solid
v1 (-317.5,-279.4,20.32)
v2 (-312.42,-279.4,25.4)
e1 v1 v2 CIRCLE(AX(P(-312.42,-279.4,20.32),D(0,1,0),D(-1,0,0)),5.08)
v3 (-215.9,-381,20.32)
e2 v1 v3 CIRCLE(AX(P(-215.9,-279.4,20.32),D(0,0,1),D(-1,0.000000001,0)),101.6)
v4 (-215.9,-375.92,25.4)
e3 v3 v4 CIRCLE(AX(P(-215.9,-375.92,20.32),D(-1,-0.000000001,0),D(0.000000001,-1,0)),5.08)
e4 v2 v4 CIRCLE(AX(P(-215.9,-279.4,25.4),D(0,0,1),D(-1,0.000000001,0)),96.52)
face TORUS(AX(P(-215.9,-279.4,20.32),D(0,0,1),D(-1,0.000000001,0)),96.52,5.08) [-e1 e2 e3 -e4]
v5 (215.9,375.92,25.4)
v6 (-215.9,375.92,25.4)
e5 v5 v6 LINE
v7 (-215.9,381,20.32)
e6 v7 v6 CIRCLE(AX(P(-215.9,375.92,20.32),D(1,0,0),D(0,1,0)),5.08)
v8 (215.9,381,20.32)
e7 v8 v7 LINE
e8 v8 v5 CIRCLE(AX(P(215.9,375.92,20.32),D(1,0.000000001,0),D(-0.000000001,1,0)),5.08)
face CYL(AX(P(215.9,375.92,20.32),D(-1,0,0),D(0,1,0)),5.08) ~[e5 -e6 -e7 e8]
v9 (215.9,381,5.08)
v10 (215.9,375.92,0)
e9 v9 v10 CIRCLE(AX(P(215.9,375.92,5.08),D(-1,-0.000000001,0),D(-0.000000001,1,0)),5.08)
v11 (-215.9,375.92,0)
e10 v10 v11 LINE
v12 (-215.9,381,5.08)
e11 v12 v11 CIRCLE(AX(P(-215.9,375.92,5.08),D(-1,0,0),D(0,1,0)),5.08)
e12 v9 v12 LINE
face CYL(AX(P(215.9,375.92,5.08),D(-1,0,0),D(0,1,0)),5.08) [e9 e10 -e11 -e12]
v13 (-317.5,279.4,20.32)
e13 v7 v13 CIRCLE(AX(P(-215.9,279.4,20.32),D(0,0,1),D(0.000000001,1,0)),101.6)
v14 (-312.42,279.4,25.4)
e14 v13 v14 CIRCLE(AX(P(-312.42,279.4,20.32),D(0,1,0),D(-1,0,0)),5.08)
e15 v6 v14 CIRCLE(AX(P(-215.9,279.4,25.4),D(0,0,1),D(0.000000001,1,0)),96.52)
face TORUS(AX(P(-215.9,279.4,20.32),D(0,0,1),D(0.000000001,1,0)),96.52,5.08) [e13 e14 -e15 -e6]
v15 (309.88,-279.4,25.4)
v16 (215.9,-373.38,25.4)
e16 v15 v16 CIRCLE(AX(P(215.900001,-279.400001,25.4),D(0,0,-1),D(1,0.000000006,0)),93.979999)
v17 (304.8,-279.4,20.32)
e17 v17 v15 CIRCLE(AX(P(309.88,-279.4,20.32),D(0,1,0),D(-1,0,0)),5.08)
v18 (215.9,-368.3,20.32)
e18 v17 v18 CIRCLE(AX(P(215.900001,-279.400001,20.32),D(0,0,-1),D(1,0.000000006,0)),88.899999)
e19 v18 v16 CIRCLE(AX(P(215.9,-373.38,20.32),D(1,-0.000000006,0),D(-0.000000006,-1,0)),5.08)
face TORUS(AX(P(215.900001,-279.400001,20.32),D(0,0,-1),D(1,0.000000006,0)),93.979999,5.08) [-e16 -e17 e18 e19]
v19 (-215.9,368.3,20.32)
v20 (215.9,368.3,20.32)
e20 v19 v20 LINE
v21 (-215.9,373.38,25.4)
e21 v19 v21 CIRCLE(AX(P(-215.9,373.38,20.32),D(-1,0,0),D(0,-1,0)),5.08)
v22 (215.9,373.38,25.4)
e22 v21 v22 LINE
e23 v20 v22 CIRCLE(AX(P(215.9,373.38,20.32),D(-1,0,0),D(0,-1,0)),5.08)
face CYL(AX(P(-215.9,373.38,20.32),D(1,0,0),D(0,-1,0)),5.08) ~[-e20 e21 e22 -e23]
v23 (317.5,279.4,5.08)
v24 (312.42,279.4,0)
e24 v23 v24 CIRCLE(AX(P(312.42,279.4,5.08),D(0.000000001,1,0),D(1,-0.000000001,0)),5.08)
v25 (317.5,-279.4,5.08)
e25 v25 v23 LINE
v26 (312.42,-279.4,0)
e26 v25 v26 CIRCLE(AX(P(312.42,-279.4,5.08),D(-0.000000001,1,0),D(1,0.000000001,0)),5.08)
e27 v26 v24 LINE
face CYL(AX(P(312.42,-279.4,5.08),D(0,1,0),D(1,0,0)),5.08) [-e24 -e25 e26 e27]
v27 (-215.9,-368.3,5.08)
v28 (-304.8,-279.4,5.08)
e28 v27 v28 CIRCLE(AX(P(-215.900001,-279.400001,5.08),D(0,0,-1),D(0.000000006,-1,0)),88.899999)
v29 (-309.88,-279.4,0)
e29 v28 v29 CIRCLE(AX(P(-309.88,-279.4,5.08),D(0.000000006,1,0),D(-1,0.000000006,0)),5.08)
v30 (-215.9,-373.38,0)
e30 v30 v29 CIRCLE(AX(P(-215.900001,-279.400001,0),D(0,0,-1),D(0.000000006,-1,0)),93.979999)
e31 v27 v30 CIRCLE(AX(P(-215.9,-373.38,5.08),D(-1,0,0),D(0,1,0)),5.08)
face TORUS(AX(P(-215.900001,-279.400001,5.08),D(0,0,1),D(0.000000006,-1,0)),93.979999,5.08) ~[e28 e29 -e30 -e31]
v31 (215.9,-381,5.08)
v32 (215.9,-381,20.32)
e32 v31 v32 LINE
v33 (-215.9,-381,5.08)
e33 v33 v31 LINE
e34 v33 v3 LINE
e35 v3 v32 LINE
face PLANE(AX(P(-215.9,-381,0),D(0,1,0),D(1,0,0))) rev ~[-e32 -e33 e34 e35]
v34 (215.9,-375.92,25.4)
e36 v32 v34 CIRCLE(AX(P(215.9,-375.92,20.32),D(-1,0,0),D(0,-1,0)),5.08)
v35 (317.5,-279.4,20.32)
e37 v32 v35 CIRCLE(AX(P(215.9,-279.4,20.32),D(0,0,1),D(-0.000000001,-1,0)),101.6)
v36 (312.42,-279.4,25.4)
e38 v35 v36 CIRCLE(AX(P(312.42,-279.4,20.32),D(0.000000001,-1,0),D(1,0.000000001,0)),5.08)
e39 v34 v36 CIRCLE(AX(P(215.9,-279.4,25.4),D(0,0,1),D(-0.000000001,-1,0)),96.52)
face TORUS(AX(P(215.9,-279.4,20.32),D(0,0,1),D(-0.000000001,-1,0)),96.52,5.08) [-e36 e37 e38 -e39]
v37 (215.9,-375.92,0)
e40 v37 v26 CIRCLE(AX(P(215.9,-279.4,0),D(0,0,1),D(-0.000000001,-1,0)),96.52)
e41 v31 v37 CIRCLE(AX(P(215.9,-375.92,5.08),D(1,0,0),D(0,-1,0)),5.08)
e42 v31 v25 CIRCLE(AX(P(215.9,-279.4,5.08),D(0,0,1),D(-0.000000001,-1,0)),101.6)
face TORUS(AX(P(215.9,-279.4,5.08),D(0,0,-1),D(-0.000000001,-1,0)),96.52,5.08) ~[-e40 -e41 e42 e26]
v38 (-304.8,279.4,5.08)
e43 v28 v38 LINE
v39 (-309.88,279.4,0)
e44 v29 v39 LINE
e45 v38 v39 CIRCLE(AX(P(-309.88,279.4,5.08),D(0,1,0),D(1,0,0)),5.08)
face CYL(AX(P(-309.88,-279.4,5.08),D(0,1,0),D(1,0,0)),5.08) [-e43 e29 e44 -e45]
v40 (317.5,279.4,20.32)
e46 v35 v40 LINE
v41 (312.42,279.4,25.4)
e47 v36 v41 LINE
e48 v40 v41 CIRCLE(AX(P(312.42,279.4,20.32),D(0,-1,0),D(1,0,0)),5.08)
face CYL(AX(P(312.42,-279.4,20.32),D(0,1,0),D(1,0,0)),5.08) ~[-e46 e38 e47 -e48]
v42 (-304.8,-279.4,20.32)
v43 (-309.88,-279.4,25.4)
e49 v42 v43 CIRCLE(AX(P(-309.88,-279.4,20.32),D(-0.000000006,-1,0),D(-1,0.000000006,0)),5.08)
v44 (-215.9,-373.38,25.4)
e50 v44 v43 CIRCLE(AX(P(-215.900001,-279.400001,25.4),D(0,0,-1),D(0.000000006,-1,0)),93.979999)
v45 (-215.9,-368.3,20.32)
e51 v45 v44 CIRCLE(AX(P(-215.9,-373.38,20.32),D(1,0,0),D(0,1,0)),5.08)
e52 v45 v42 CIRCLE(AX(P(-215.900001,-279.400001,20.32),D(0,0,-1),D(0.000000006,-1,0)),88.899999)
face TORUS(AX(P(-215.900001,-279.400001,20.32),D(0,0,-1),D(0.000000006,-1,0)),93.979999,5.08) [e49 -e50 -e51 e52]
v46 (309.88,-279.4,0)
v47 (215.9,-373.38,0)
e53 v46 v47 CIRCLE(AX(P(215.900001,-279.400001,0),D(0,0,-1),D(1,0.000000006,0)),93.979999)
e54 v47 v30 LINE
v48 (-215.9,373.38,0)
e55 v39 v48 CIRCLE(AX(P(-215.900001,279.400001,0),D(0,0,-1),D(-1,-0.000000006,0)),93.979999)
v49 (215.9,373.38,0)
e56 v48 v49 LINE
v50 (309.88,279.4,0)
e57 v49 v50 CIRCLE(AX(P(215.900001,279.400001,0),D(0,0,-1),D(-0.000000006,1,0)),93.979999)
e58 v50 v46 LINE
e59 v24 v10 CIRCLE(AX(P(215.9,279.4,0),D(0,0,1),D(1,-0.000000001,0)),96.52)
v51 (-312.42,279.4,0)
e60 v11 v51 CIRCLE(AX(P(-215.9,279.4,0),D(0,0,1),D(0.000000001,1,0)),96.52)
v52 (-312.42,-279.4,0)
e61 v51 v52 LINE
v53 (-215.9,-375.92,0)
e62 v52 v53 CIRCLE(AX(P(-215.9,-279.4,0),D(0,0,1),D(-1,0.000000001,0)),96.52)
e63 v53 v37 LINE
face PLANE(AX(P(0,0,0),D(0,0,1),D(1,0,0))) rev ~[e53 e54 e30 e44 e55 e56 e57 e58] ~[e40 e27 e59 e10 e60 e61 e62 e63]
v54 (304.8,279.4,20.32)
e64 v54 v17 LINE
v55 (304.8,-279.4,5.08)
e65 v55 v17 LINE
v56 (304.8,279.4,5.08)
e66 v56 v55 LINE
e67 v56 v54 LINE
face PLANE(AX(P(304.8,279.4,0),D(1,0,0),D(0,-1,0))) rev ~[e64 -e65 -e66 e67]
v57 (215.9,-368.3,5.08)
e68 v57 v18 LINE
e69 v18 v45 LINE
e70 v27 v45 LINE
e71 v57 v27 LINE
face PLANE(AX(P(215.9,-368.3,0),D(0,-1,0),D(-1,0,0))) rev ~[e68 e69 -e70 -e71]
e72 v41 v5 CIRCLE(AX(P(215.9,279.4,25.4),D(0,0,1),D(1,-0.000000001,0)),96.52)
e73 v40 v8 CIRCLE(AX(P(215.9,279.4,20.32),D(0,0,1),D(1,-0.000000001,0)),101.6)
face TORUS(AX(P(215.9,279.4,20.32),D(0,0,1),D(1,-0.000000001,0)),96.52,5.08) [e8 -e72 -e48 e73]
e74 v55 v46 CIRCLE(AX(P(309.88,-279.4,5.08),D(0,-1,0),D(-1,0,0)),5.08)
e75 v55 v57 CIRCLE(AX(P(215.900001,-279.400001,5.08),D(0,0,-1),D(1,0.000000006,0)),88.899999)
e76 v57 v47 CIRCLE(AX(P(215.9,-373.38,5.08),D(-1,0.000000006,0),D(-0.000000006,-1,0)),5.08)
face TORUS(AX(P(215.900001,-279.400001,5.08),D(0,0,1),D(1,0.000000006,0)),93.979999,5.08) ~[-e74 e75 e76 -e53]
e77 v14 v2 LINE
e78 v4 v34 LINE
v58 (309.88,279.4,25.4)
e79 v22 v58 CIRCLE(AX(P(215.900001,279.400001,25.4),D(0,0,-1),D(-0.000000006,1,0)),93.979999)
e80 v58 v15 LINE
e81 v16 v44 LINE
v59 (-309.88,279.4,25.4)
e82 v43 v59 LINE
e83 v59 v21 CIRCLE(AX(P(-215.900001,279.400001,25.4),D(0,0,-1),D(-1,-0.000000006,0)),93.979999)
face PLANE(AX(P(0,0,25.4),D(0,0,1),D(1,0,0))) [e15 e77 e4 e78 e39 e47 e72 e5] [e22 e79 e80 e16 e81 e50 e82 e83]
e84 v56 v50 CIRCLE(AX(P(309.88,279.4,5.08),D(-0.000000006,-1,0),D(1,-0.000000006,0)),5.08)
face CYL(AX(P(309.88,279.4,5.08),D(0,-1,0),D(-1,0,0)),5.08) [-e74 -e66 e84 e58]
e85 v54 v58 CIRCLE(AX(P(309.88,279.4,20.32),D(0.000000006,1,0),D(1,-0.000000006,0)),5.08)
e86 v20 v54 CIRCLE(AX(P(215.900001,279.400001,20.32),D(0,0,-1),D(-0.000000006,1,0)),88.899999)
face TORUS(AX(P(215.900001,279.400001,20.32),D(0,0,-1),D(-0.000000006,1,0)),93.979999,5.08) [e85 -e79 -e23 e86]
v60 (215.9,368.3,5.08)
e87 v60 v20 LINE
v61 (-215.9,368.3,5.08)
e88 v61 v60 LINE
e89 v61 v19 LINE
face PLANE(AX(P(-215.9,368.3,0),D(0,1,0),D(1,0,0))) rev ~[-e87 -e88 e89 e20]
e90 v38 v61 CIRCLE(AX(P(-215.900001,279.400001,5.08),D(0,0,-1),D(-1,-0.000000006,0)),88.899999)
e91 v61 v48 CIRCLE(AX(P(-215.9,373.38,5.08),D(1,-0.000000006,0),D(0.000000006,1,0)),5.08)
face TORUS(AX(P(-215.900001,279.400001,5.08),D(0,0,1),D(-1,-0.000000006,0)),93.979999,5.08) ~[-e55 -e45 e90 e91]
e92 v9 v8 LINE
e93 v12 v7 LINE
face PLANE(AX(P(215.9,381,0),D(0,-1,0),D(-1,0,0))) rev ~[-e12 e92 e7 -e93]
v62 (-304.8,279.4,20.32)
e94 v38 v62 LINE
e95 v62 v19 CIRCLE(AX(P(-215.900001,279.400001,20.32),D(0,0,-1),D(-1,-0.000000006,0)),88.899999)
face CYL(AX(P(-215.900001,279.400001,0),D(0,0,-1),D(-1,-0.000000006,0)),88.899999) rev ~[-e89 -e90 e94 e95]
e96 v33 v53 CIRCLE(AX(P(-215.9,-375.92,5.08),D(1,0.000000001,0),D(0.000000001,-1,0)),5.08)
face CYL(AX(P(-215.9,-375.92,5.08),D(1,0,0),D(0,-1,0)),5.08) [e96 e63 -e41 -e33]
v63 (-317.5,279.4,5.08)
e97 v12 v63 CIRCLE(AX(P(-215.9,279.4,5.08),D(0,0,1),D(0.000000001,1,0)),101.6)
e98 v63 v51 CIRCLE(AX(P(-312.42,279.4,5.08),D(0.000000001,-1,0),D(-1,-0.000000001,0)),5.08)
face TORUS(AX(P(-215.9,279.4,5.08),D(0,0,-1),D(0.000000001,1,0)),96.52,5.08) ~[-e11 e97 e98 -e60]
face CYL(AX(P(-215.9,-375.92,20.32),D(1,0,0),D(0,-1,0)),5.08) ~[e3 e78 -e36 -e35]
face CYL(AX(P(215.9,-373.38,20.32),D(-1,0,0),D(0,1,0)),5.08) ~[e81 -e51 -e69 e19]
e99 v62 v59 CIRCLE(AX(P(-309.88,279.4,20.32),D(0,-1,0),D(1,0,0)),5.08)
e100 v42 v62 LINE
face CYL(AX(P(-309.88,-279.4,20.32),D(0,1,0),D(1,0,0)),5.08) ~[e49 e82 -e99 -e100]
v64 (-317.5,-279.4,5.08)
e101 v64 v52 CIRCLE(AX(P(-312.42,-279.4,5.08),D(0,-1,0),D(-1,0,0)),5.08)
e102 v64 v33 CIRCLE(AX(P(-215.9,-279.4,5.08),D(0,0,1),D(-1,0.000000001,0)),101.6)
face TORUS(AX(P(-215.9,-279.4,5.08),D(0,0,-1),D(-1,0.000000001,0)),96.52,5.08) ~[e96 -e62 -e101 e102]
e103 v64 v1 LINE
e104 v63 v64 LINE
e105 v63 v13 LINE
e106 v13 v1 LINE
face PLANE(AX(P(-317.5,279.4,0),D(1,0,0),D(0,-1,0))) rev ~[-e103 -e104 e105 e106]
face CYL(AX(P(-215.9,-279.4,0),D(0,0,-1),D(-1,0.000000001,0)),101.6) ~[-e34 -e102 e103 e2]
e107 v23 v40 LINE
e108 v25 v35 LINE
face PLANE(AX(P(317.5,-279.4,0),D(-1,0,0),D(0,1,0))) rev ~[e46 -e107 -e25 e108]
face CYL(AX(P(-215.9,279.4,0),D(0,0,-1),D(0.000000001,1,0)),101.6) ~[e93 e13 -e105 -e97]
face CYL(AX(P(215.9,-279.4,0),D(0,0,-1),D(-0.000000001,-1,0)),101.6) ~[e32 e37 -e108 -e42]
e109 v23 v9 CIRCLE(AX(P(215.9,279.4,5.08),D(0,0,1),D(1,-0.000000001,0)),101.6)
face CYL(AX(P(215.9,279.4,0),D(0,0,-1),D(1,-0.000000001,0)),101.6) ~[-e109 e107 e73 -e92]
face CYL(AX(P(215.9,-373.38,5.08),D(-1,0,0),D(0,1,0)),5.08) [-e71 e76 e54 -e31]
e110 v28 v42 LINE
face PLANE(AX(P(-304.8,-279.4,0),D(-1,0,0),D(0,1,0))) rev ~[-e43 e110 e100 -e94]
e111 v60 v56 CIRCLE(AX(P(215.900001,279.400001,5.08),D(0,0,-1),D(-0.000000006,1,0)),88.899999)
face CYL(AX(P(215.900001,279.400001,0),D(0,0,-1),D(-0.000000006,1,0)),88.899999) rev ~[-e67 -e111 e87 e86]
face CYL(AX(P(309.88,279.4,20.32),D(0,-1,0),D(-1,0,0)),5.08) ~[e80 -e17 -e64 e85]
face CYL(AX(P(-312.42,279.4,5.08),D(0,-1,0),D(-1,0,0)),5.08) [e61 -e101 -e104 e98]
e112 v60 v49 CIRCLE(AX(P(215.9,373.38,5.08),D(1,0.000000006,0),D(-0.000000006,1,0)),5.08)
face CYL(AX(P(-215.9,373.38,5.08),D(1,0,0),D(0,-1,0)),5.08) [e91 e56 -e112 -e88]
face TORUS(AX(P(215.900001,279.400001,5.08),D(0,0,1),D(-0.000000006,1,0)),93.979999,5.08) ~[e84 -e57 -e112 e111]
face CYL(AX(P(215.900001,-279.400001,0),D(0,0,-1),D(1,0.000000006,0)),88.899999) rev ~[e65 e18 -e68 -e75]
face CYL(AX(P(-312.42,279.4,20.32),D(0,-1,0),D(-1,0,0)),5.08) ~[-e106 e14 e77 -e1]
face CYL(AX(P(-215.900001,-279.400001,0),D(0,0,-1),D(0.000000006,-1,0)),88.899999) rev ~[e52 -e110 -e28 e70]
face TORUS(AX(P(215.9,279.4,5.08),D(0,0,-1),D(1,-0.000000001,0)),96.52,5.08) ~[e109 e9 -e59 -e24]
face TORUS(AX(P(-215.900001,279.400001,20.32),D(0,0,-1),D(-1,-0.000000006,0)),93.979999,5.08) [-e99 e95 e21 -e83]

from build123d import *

# Parameters (mm, degrees)
F1_DEPTH = 25.4
F2_R     = 5.08


with BuildPart() as f1:
    # F0 (on Top) → F1 (new body)
    with BuildSketch(Plane.XY):
        with BuildLine():
            ThreePointArc((-317.5, -279.4), (-287.742049, -351.242049), (-215.9, -381))
            Line((-215.9, -381), (-190.5, -381))
            Line((-190.5, -381), (190.5, -381))
            Line((190.5, -381), (215.9, -381))
            ThreePointArc((215.9, -381), (287.742049, -351.242049), (317.5, -279.4))
            Line((317.5, -279.4), (317.5, 279.4))
            ThreePointArc((317.5, 279.4), (287.742049, 351.242049), (215.9, 381))
            Line((215.9, 381), (-215.9, 381))
            ThreePointArc((-215.9, 381), (-287.742049, 351.242049), (-317.5, 279.4))
            Line((-317.5, 279.4), (-317.5, -279.4))
        make_face()
        with BuildLine():
            ThreePointArc((304.8, -279.4), (278.761793, -342.261793), (215.9, -368.3))
            Line((215.9, -368.3), (61.765894, -368.3))
            Line((61.765894, -368.3), (-61.765894, -368.3))
            Line((-61.765894, -368.3), (-215.9, -368.3))
            ThreePointArc((-215.9, -368.3), (-278.761793, -342.261793), (-304.8, -279.4))
            Line((-304.8, -279.4), (-304.8, 279.4))
            ThreePointArc((-304.8, 279.4), (-278.761793, 342.261793), (-215.9, 368.3))
            Line((-215.9, 368.3), (215.9, 368.3))
            ThreePointArc((215.9, 368.3), (278.761793, 342.261793), (304.8, 279.4))
            Line((304.8, 279.4), (304.8, -279.4))
        make_face(mode=Mode.SUBTRACT)
    extrude(amount=F1_DEPTH)

    # F2
    f2_edges = [f1.edges().sort_by_distance(p)[0] for p in [
        (-317.5, 0, 25.4),
        (-287.742049, 351.242049, 25.4),
        (-287.742049, -351.242049, 25.4),
        (0, -381, 25.4),
        (0, 381, 25.4),
        (278.761793, 342.261793, 0),
        (287.742049, 351.242049, 0),
        (0, 368.3, 25.4),
    ]]
    fillet(f2_edges, radius=F2_R)


solid = f1.part
